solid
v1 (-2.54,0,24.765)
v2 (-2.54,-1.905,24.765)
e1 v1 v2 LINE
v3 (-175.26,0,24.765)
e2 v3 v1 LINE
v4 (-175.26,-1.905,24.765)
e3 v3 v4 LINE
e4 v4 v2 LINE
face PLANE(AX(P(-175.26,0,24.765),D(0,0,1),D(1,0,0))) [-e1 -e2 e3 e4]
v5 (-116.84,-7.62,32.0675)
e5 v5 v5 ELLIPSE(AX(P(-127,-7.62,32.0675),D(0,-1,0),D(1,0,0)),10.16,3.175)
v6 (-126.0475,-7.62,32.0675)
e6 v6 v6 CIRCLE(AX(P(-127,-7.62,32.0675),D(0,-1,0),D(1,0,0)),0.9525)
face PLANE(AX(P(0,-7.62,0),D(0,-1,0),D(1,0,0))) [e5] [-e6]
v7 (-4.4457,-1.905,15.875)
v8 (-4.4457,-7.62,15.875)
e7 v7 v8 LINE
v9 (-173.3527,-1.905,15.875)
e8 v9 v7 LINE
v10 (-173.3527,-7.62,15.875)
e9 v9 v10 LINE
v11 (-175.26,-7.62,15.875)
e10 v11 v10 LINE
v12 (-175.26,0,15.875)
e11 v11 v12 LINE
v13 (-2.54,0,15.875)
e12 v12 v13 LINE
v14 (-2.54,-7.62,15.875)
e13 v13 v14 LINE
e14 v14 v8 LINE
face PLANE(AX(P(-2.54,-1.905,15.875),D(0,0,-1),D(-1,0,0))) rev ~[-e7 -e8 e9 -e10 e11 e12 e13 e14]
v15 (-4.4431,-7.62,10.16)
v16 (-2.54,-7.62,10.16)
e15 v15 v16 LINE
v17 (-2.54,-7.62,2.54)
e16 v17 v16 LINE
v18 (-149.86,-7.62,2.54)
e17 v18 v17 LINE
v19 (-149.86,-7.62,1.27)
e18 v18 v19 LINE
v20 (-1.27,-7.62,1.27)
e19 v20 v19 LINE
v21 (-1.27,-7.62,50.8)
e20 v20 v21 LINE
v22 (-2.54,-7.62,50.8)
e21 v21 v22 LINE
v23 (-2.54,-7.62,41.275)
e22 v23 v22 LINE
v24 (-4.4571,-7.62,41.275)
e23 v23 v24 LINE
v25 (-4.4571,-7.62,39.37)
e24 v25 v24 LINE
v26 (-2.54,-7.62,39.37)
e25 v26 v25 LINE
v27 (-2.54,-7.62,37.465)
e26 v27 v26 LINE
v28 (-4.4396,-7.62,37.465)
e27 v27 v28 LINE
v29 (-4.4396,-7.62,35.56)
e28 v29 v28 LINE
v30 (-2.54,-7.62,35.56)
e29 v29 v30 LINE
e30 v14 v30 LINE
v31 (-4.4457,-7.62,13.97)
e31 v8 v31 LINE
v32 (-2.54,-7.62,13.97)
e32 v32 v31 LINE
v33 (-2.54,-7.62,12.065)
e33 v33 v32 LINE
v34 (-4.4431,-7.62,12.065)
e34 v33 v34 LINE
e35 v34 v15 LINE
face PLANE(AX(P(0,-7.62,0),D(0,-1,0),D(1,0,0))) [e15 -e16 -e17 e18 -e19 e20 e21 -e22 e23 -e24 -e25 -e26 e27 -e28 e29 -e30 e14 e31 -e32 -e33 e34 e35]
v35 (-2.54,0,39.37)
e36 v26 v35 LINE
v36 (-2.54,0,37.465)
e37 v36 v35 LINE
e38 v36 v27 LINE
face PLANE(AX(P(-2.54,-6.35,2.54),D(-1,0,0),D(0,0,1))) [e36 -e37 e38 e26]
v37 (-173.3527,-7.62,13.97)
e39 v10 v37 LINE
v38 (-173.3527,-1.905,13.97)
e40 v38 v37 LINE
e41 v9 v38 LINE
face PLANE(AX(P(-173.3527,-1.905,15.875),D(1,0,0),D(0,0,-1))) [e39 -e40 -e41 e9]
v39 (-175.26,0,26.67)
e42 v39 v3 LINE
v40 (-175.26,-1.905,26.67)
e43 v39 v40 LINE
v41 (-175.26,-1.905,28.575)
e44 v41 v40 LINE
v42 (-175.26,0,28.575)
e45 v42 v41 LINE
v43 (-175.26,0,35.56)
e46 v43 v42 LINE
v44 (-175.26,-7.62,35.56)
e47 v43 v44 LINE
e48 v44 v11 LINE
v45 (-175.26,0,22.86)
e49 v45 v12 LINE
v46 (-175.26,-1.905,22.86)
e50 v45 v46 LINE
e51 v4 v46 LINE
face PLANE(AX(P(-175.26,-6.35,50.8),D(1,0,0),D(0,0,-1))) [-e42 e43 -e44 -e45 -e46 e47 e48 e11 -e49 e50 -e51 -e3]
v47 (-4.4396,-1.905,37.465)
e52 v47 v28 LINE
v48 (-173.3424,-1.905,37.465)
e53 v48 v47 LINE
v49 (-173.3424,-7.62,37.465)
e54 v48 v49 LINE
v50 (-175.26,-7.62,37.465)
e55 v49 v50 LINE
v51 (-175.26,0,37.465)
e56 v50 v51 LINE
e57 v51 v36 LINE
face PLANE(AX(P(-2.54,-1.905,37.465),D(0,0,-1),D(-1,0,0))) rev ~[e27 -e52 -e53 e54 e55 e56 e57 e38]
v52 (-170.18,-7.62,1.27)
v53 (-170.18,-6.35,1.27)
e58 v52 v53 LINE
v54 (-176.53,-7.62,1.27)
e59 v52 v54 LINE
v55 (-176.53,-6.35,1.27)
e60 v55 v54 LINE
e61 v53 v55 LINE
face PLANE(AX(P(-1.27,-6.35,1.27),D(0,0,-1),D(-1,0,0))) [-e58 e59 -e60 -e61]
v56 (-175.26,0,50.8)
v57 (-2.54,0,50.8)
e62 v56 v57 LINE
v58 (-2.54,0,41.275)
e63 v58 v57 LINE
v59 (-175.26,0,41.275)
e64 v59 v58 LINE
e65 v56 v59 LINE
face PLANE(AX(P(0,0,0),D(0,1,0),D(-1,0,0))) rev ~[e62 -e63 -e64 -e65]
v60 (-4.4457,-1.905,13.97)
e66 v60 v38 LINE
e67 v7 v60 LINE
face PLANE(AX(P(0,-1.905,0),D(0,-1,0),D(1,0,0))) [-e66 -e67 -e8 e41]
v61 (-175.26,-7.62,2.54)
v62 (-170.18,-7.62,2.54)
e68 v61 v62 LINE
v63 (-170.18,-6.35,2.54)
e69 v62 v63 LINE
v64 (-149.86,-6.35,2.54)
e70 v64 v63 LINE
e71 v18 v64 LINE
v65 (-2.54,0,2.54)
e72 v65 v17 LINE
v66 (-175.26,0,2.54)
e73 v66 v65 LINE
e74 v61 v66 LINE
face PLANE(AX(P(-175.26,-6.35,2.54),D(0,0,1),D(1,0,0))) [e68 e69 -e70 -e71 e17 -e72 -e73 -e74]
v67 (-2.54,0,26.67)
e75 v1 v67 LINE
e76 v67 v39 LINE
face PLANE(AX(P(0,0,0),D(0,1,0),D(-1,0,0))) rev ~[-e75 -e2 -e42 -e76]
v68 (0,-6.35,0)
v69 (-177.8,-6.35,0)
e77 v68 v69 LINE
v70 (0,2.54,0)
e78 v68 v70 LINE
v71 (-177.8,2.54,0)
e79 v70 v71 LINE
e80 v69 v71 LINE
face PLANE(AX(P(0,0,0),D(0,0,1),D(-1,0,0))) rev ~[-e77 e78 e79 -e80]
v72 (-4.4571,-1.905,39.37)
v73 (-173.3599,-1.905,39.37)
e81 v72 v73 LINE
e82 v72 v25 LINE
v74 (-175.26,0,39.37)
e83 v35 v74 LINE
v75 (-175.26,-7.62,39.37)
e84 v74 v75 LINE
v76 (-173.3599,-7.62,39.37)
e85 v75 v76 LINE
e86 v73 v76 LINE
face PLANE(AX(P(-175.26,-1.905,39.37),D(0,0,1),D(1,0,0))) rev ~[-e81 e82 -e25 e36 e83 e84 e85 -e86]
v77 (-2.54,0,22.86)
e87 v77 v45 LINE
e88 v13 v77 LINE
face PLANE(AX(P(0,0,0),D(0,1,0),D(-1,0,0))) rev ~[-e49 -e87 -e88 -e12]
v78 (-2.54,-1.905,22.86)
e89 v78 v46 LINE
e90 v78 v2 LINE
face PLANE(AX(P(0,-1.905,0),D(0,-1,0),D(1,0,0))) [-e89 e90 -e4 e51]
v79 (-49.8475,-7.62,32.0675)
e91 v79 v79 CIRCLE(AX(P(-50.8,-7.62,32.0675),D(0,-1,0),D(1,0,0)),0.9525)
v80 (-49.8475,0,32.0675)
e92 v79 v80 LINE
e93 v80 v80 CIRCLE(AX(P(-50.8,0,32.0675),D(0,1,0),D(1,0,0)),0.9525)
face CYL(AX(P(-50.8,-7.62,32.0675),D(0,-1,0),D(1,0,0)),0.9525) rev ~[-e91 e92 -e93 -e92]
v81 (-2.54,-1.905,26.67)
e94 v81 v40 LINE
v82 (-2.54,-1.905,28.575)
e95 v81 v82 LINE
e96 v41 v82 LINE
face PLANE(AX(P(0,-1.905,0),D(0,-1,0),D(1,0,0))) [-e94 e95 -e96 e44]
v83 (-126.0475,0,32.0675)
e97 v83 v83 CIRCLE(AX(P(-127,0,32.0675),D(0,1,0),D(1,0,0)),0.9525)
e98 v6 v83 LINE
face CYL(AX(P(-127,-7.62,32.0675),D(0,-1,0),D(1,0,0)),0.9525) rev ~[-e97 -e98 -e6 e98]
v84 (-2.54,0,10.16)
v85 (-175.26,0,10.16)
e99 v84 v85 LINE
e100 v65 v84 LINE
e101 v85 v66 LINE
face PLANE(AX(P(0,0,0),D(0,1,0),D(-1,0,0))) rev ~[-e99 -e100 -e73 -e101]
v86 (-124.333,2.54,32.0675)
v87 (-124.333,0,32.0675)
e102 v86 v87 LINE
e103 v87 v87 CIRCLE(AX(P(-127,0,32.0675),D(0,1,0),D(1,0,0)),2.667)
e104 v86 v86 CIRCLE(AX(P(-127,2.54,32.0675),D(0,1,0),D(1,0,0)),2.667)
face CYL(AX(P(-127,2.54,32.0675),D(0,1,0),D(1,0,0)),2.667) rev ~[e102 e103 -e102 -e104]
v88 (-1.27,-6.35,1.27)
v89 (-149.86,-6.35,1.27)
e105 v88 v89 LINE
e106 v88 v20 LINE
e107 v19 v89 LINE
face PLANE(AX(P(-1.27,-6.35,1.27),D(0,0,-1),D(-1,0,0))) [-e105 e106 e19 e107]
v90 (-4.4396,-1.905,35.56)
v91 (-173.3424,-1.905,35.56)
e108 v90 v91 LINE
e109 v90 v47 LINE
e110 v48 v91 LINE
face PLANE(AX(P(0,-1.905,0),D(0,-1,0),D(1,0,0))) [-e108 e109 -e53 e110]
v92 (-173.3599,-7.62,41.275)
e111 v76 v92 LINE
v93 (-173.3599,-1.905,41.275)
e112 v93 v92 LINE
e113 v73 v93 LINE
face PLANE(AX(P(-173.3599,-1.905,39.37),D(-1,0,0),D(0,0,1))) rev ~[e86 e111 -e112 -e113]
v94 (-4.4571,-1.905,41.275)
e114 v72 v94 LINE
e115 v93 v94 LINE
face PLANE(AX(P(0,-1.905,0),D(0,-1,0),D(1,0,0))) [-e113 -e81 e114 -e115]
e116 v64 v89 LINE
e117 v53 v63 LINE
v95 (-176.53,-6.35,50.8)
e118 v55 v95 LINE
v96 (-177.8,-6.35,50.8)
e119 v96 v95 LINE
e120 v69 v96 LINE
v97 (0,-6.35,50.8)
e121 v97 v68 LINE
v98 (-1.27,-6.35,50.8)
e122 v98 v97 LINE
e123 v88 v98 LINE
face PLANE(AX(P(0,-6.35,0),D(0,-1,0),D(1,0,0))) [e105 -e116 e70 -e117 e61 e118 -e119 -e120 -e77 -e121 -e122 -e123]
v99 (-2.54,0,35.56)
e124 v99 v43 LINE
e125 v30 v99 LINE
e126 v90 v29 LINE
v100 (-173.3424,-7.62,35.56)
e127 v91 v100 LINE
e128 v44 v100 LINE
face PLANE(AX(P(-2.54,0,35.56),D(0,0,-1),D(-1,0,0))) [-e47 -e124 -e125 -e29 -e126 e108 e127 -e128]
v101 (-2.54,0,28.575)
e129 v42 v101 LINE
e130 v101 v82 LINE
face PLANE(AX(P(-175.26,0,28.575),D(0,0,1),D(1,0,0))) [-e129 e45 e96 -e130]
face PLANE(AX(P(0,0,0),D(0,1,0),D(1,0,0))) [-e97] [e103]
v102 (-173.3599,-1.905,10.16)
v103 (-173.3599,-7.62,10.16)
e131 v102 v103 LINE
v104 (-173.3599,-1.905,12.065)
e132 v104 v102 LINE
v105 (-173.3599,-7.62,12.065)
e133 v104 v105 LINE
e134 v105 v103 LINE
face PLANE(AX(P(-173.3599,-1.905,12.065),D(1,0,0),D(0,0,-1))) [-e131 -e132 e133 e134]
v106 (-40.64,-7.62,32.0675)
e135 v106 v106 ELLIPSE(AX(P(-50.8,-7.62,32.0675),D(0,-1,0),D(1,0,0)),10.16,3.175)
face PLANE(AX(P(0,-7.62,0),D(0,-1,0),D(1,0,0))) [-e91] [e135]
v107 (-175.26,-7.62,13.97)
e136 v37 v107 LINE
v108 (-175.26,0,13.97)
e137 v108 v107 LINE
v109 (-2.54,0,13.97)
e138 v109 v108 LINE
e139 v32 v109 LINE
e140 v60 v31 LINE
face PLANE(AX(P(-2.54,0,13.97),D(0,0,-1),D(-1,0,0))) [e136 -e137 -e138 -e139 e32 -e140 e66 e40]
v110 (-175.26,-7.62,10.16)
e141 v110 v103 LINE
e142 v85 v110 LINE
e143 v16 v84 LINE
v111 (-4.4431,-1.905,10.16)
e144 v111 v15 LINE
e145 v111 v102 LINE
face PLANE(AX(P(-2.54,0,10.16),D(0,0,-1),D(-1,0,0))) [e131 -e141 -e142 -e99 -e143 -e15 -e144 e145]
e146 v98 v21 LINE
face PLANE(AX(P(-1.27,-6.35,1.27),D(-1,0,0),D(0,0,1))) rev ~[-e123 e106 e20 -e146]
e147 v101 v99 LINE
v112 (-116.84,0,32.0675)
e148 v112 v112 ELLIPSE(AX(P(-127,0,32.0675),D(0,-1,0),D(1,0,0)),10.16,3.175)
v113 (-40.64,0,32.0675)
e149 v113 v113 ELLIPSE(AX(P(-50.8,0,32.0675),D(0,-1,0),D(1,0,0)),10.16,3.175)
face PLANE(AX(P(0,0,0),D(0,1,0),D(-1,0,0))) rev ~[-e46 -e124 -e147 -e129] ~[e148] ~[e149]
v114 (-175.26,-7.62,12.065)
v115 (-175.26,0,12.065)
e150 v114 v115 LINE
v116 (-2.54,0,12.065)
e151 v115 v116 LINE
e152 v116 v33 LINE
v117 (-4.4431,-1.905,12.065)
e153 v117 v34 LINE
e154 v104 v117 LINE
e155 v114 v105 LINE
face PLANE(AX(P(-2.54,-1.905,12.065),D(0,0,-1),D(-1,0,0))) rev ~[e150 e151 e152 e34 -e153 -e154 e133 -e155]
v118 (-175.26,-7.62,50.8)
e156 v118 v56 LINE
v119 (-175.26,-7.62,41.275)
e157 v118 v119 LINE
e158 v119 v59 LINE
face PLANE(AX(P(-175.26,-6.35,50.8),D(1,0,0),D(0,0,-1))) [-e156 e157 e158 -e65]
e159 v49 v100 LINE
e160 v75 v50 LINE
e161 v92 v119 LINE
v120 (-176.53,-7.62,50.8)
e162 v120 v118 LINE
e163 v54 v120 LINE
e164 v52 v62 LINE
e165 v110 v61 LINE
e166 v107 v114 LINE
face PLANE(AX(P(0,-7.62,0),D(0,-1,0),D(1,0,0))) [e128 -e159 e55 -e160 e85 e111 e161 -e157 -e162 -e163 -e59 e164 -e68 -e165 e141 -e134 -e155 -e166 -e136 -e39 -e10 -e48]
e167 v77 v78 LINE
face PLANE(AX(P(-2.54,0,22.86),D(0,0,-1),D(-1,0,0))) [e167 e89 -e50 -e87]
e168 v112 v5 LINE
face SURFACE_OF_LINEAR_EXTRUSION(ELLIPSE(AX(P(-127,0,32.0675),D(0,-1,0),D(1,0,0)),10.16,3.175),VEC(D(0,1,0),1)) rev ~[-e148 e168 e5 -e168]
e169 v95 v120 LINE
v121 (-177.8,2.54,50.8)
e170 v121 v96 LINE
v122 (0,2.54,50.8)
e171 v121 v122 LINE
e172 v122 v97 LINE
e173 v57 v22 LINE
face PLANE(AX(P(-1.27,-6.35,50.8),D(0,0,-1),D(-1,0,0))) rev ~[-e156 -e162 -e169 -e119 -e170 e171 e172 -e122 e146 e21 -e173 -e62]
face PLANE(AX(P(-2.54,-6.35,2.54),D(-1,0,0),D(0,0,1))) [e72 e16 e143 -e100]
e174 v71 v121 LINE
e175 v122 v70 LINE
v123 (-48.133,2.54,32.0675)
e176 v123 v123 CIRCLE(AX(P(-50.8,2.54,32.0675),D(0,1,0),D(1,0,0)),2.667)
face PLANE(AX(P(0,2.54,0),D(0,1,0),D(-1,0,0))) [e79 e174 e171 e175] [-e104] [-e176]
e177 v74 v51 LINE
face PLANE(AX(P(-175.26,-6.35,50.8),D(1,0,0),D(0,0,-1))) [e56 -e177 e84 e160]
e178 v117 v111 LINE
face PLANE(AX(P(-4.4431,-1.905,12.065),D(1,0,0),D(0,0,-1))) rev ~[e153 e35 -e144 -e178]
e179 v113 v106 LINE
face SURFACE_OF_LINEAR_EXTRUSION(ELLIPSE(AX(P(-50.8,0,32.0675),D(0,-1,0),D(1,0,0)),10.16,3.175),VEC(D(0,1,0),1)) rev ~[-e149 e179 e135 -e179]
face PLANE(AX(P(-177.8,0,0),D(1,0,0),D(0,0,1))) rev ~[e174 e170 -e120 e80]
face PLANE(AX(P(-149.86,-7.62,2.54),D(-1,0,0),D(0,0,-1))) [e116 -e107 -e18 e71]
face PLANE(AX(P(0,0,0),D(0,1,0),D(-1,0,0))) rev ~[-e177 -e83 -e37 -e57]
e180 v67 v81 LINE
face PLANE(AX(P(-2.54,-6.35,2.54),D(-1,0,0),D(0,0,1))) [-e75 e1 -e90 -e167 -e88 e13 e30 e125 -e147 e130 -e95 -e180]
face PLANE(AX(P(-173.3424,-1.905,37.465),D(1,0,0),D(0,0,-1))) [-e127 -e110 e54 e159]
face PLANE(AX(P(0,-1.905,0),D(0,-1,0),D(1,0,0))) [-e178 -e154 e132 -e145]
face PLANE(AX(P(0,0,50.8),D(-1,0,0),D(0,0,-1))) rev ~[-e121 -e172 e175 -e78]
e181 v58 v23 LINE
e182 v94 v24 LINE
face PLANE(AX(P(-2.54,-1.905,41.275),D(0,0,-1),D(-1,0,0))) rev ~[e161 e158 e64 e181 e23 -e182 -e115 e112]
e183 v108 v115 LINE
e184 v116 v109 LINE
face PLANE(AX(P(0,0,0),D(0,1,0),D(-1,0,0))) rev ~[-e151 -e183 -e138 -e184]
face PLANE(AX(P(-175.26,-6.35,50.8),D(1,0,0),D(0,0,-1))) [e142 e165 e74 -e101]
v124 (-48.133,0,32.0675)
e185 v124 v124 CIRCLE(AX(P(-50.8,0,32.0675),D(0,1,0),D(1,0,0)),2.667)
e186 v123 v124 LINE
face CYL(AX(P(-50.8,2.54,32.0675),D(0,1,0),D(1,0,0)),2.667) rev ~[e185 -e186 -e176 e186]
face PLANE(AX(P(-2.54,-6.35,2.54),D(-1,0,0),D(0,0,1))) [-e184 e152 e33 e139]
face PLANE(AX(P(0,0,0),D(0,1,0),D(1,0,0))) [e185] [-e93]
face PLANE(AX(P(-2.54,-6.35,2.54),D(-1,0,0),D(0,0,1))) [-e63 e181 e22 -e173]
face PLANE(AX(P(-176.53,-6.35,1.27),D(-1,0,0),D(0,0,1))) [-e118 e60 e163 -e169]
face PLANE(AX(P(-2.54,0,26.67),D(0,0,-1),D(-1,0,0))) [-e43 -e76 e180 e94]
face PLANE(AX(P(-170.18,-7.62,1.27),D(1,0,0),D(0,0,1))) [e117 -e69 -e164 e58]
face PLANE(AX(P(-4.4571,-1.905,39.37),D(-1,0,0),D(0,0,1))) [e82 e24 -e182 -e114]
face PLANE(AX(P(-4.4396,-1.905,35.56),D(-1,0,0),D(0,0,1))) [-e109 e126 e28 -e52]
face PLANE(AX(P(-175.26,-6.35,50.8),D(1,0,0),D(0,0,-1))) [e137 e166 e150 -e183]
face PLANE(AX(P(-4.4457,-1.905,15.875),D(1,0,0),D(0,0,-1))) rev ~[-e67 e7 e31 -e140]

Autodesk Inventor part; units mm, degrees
ref_plane "YZ Plane" through (0, 0, 0) normal (1, 0, 0) x (0, 1, 0)
ref_plane "XZ Plane" through (0, 0, 0) normal (0, 1, 0) x (-1, 0, 0)
ref_plane "XY Plane" through (0, 0, 0) normal (0, 0, 1) x (1, 0, 0)
sketch "Náčrt1" plane through (0, 0, 0) normal (0, 1, 0) x (-1, 0, 0)
  line L0 (0, 0) -> (177.8, 0)
  line L1 (177.8, 0) -> (177.8, 50.8)
  line L2 (177.8, 50.8) -> (0, 50.8)
  line L3 (0, 50.8) -> (0, 0)
  dimension "d0" = 50.8
  dimension "d1" = 177.8
extrude "Vysunutí1" add sketch "Náčrt1" along normal blind 2.54
sketch "Náčrt3" plane through (0, 0, 0) normal (0, -1, 0) x (1, 0, 0)
  line L0 (0, 0) -> (-177.8, 0) projected
  line L1 (-177.8, 50.8) -> (0, 50.8) projected
  line L2 (-177.8, 50.8) -> (-175.26, 50.8)
  line L3 (-175.26, 50.8) -> (-175.26, 2.54)
  line L4 (-175.26, 2.54) -> (-2.54, 2.54)
  line L5 (-2.54, 2.54) -> (-2.54, 50.8)
  line L6 (-2.54, 50.8) -> (0, 50.8)
  line L7 (0, 50.8) -> (0, 0)
  line L8 (0, 0) -> (-177.8, 0)
  line L9 (-177.8, 0) -> (-177.8, 50.8)
  line L10 (0, 0) -> (-177.8, 0) projected
  line L11 (-177.8, 50.8) -> (-175.26, 50.8)
  dimension "d23" = 2.54
  dimension "d24" = 2.54
  dimension "d25" = 2.54
extrude "Vysunutí2" add sketch "Náčrt3" along normal blind 6.35 contours L0 L9 L1 L3 L4 L5 L7
sketch "Náčrt4" plane through (0, -6.35, 0) normal (0, -1, 0) x (1, 0, 0)
  line L0 (0, 50.8) -> (-2.54, 50.8) projected
  line L1 (-2.54, 50.8) -> (-1.27, 50.8)
  line L2 (-1.27, 1.27) -> (-176.53, 1.27)
  line L3 (-176.53, 1.27) -> (-176.53, 50.8)
  line L4 (-176.53, 50.8) -> (-175.26, 50.8)
  line L5 (-175.26, 50.8) -> (-175.26, 2.54)
  line L6 (-175.26, 2.54) -> (-2.54, 2.54)
  line L7 (-2.54, 2.54) -> (-2.54, 50.8)
  line L8 (-1.27, 1.27) -> (-1.27, 50.8)
  line L9 (-177.8, 0) -> (0, 0) projected
  line L10 (-177.8, 50.8) -> (-177.8, 0) projected
  dimension "d26" = 1.27
  dimension "d27" = 1.27
extrude "Vysunutí3" add sketch "Náčrt4" along normal blind 1.27
sketch "Náčrt5" plane through (0, 0, 0) normal (0, -1, 0) x (1, 0, 0)
  line L0 (-2.54, 2.54) -> (-2.54, 50.8) projected
  line L1 (-175.26, 50.8) -> (-2.54, 50.8) projected
  line L2 (-175.26, 50.8) -> (-175.26, 2.54) projected
  line L3 (-175.26, 41.275) -> (-2.54, 41.275)
  line L4 (-2.54, 41.275) -> (-2.54, 39.37)
  line L5 (-2.54, 39.37) -> (-175.26, 39.37)
  line L6 (-175.26, 39.37) -> (-175.26, 41.275)
  line L7 (-175.26, 2.54) -> (-175.26, 50.8) projected
  line L8 (-175.26, 37.465) -> (-2.54, 37.465)
  line L9 (-2.54, 37.465) -> (-2.54, 35.56)
  line L10 (-2.54, 35.56) -> (-175.26, 35.56)
  line L11 (-175.26, 35.56) -> (-175.26, 37.465)
  line L12 (-175.26, 28.575) -> (-2.54, 28.575)
  line L13 (-2.54, 28.575) -> (-2.54, 26.67)
  line L14 (-2.54, 26.67) -> (-175.26, 26.67)
  line L15 (-175.26, 26.67) -> (-175.26, 28.575)
  line L16 (-175.26, 24.765) -> (-2.54, 24.765)
  line L17 (-2.54, 24.765) -> (-2.54, 22.86)
  line L18 (-2.54, 22.86) -> (-175.26, 22.86)
  line L19 (-175.26, 22.86) -> (-175.26, 24.765)
  line L20 (-175.26, 15.875) -> (-2.54, 15.875)
  line L21 (-2.54, 15.875) -> (-2.54, 13.97)
  line L22 (-2.54, 13.97) -> (-175.26, 13.97)
  line L23 (-175.26, 13.97) -> (-175.26, 15.875)
  line L24 (-175.26, 12.065) -> (-2.54, 12.065)
  line L25 (-2.54, 12.065) -> (-2.54, 10.16)
  line L26 (-2.54, 10.16) -> (-175.26, 10.16)
  line L27 (-175.26, 10.16) -> (-175.26, 12.065)
  point P0 (0, 0)
  dimension "d8" = 1.905
  dimension "d10" = 1.905
  dimension "d11" = 1.905
  dimension "d12" = 1.905
  dimension "d13" = 1.905
  dimension "d14" = 1.905
  dimension "d15" = 1.905
  dimension "d16" = 1.905
  dimension "d17" = 1.905
  dimension "d18" = 11.43
  dimension "d19" = 10.795
  dimension "d20" = 10.795
extrude "Vysunutí4" add sketch "Náčrt5" along normal blind 1.905 contours L26 L2 L24 L0 | L22 L2 L20 L0 | L18 L2 L16 L0 | L14 L2 L12 L0 | L10 L2 L8 L0 | L5 L2 L3 L0
sketch "Náčrt6" plane through (0, -1.905, 0) normal (0, -1, 0) x (1, 0, 0)
  line L0 (-2.54, 41.275) -> (-175.26, 41.275) projected
  line L1 (-175.26, 39.37) -> (-173.3599, 39.37)
  line L2 (-173.3599, 39.37) -> (-173.3599, 41.275)
  line L3 (-173.3599, 41.275) -> (-175.26, 41.275)
  line L4 (-175.26, 41.275) -> (-175.26, 39.37)
  line L5 (-2.54, 39.37) -> (-4.4571, 39.37)
  line L6 (-4.4571, 39.37) -> (-4.4571, 41.275)
  line L7 (-4.4571, 41.275) -> (-2.54, 41.275)
  line L8 (-2.54, 41.275) -> (-2.54, 39.37)
  point P0 (0, 0)
extrude "Vysunutí5" add sketch "Náčrt6" along normal up to surface (5.715 mm away)
sketch "Náčrt7" plane through (0, -1.905, 0) normal (0, -1, 0) x (1, 0, 0)
  line L0 (-175.26, 35.56) -> (-175.26, 37.465) projected
  line L1 (-175.26, 35.56) -> (-2.54, 35.56) projected
  line L2 (-2.54, 37.465) -> (-175.26, 37.465) projected
  line L3 (-175.26, 37.465) -> (-173.3424, 37.465)
  line L4 (-173.3424, 37.465) -> (-173.3424, 35.56)
  line L5 (-173.3424, 35.56) -> (-175.26, 35.56)
  line L6 (-175.26, 35.56) -> (-175.26, 37.465)
  line L7 (-2.54, 35.56) -> (-4.4396, 35.56)
  line L8 (-4.4396, 35.56) -> (-4.4396, 37.465)
  line L9 (-4.4396, 37.465) -> (-2.54, 37.465)
  line L10 (-2.54, 37.465) -> (-2.54, 35.56)
  point P0 (0, 0)
extrude "Vysunutí6" add sketch "Náčrt7" along normal up to surface (5.715 mm away) contours L0 L2 L4 L1 | L8 L2 L10 L1
sketch "Náčrt10" plane through (0, -1.905, 0) normal (0, -1, 0) x (1, 0, 0)
  line L0 (-2.54, 13.97) -> (-175.26, 13.97) projected
  line L1 (-175.26, 15.875) -> (-173.3527, 15.875)
  line L2 (-173.3527, 15.875) -> (-173.3527, 13.97)
  line L3 (-173.3527, 13.97) -> (-175.26, 13.97)
  line L4 (-175.26, 13.97) -> (-175.26, 15.875)
  line L5 (-2.54, 15.875) -> (-4.4457, 15.875)
  line L6 (-4.4457, 15.875) -> (-4.4457, 13.97)
  line L7 (-4.4457, 13.97) -> (-2.54, 13.97)
  line L8 (-2.54, 13.97) -> (-2.54, 15.875)
  point P0 (0, 0)
extrude "Vysunutí9" add sketch "Náčrt10" along normal up to surface (5.715 mm away)
sketch "Náčrt11" plane through (0, -1.905, 0) normal (0, -1, 0) x (1, 0, 0)
  line L0 (-175.26, 10.16) -> (-2.54, 10.16) projected
  line L1 (-175.26, 12.065) -> (-173.3599, 12.065)
  line L2 (-173.3599, 12.065) -> (-173.3599, 10.16)
  line L3 (-173.3599, 10.16) -> (-175.26, 10.16)
  line L4 (-175.26, 10.16) -> (-175.26, 12.065)
  line L5 (-2.54, 12.065) -> (-4.4431, 12.065)
  line L6 (-4.4431, 12.065) -> (-4.4431, 10.16)
  line L7 (-4.4431, 10.16) -> (-2.54, 10.16)
  line L8 (-2.54, 10.16) -> (-2.54, 12.065)
  point P0 (0, 0)
extrude "Vysunutí10" add sketch "Náčrt11" along normal up to surface (5.715 mm away)
sketch "Náčrt12" plane through (0, 0, 0) normal (0, -1, 0) x (1, 0, 0)
  line L0 (-2.54, 35.56) -> (-175.26, 35.56) projected
  line L1 (-175.26, 35.56) -> (-175.26, 28.575) projected
  ellipse E0 centre (-127, 32.0675) end of major axis (-116.84, 32.0675) minor radius 3.175
  line L2 (-175.26, 50.8) -> (-2.54, 50.8) projected
  ellipse E1 centre (-50.8, 32.0675) end of major axis (-40.64, 32.0675) minor radius 3.175
  point P0 (0, 0)
  dimension "d42" = 10.16
  dimension "d43" = 3.175
  dimension "d45" = 10.16
  dimension "d46" = 3.175
  dimension "d40" = 48.26
  dimension "d41" = 18.7325
  dimension "d44" = 76.2
  dimension "d47" = 0
extrude "Vysunutí11" add sketch "Náčrt12" along normal up to surface (7.62 mm away)
sketch "Náčrt13" plane through (-127, -7.62, 32.0675) normal (0, -1, 0) x (1, 0, 0)
  ellipse E0 centre (0, 0) end of major axis (-10.16, 0) minor radius 3.175 projected
  circle A0 centre (0, 0) radius 0.9525
  point P0 (127, -32.0675)
  dimension "d50" = 1.905
extrude "Vysunutí12" cut sketch "Náčrt13" against normal through all contours A0
sketch "Náčrt14" plane through (-50.8, -7.62, 32.0675) normal (0, -1, 0) x (1, 0, 0)
  ellipse E0 centre (0, 0) end of major axis (-10.16, 0) minor radius 3.175 projected
  circle A0 centre (0, 0) radius 0.9525
  point P0 (50.8, -32.0675)
  dimension "d53" = 1.905
extrude "Vysunutí13" cut sketch "Náčrt14" against normal through all contours A0
sketch "Náčrt15" plane through (0, 2.54, 0) normal (0, 1, 0) x (1, 0, 0)
  circle A0 centre (-50.8, -32.0675) radius 0.9525 projected
  circle A1 centre (-127, -32.0675) radius 0.9525 projected
  circle A2 centre (-127, -32.0675) radius 2.667
  circle A3 centre (-50.8, -32.0675) radius 2.667
  dimension "d56" = 5.334
  dimension "d57" = 5.334
extrude "Vysunutí14" cut sketch "Náčrt15" against normal blind 2.54
sketch "Náčrt16" plane through (0, -7.62, 0) normal (0, -1, 0) x (1, 0, 0)
  line L0 (-2.54, 2.54) -> (-175.26, 2.54) projected
  line L1 (-175.26, 2.54) -> (-175.26, 10.16) projected
  line L2 (-176.53, 1.27) -> (-1.27, 1.27) projected
  line L3 (-170.18, 2.54) -> (-149.86, 2.54)
  line L4 (-149.86, 2.54) -> (-149.86, 1.27)
  line L5 (-149.86, 1.27) -> (-170.18, 1.27)
  line L6 (-170.18, 1.27) -> (-170.18, 2.54)
  point P0 (0, 0)
  dimension "d60" = 20.32
  dimension "d61" = 25.4
extrude "Vysunutí15" cut sketch "Náčrt16" against normal up to surface (1.27 mm away)
properties part number "NavCom_Box_Upper_Part"
